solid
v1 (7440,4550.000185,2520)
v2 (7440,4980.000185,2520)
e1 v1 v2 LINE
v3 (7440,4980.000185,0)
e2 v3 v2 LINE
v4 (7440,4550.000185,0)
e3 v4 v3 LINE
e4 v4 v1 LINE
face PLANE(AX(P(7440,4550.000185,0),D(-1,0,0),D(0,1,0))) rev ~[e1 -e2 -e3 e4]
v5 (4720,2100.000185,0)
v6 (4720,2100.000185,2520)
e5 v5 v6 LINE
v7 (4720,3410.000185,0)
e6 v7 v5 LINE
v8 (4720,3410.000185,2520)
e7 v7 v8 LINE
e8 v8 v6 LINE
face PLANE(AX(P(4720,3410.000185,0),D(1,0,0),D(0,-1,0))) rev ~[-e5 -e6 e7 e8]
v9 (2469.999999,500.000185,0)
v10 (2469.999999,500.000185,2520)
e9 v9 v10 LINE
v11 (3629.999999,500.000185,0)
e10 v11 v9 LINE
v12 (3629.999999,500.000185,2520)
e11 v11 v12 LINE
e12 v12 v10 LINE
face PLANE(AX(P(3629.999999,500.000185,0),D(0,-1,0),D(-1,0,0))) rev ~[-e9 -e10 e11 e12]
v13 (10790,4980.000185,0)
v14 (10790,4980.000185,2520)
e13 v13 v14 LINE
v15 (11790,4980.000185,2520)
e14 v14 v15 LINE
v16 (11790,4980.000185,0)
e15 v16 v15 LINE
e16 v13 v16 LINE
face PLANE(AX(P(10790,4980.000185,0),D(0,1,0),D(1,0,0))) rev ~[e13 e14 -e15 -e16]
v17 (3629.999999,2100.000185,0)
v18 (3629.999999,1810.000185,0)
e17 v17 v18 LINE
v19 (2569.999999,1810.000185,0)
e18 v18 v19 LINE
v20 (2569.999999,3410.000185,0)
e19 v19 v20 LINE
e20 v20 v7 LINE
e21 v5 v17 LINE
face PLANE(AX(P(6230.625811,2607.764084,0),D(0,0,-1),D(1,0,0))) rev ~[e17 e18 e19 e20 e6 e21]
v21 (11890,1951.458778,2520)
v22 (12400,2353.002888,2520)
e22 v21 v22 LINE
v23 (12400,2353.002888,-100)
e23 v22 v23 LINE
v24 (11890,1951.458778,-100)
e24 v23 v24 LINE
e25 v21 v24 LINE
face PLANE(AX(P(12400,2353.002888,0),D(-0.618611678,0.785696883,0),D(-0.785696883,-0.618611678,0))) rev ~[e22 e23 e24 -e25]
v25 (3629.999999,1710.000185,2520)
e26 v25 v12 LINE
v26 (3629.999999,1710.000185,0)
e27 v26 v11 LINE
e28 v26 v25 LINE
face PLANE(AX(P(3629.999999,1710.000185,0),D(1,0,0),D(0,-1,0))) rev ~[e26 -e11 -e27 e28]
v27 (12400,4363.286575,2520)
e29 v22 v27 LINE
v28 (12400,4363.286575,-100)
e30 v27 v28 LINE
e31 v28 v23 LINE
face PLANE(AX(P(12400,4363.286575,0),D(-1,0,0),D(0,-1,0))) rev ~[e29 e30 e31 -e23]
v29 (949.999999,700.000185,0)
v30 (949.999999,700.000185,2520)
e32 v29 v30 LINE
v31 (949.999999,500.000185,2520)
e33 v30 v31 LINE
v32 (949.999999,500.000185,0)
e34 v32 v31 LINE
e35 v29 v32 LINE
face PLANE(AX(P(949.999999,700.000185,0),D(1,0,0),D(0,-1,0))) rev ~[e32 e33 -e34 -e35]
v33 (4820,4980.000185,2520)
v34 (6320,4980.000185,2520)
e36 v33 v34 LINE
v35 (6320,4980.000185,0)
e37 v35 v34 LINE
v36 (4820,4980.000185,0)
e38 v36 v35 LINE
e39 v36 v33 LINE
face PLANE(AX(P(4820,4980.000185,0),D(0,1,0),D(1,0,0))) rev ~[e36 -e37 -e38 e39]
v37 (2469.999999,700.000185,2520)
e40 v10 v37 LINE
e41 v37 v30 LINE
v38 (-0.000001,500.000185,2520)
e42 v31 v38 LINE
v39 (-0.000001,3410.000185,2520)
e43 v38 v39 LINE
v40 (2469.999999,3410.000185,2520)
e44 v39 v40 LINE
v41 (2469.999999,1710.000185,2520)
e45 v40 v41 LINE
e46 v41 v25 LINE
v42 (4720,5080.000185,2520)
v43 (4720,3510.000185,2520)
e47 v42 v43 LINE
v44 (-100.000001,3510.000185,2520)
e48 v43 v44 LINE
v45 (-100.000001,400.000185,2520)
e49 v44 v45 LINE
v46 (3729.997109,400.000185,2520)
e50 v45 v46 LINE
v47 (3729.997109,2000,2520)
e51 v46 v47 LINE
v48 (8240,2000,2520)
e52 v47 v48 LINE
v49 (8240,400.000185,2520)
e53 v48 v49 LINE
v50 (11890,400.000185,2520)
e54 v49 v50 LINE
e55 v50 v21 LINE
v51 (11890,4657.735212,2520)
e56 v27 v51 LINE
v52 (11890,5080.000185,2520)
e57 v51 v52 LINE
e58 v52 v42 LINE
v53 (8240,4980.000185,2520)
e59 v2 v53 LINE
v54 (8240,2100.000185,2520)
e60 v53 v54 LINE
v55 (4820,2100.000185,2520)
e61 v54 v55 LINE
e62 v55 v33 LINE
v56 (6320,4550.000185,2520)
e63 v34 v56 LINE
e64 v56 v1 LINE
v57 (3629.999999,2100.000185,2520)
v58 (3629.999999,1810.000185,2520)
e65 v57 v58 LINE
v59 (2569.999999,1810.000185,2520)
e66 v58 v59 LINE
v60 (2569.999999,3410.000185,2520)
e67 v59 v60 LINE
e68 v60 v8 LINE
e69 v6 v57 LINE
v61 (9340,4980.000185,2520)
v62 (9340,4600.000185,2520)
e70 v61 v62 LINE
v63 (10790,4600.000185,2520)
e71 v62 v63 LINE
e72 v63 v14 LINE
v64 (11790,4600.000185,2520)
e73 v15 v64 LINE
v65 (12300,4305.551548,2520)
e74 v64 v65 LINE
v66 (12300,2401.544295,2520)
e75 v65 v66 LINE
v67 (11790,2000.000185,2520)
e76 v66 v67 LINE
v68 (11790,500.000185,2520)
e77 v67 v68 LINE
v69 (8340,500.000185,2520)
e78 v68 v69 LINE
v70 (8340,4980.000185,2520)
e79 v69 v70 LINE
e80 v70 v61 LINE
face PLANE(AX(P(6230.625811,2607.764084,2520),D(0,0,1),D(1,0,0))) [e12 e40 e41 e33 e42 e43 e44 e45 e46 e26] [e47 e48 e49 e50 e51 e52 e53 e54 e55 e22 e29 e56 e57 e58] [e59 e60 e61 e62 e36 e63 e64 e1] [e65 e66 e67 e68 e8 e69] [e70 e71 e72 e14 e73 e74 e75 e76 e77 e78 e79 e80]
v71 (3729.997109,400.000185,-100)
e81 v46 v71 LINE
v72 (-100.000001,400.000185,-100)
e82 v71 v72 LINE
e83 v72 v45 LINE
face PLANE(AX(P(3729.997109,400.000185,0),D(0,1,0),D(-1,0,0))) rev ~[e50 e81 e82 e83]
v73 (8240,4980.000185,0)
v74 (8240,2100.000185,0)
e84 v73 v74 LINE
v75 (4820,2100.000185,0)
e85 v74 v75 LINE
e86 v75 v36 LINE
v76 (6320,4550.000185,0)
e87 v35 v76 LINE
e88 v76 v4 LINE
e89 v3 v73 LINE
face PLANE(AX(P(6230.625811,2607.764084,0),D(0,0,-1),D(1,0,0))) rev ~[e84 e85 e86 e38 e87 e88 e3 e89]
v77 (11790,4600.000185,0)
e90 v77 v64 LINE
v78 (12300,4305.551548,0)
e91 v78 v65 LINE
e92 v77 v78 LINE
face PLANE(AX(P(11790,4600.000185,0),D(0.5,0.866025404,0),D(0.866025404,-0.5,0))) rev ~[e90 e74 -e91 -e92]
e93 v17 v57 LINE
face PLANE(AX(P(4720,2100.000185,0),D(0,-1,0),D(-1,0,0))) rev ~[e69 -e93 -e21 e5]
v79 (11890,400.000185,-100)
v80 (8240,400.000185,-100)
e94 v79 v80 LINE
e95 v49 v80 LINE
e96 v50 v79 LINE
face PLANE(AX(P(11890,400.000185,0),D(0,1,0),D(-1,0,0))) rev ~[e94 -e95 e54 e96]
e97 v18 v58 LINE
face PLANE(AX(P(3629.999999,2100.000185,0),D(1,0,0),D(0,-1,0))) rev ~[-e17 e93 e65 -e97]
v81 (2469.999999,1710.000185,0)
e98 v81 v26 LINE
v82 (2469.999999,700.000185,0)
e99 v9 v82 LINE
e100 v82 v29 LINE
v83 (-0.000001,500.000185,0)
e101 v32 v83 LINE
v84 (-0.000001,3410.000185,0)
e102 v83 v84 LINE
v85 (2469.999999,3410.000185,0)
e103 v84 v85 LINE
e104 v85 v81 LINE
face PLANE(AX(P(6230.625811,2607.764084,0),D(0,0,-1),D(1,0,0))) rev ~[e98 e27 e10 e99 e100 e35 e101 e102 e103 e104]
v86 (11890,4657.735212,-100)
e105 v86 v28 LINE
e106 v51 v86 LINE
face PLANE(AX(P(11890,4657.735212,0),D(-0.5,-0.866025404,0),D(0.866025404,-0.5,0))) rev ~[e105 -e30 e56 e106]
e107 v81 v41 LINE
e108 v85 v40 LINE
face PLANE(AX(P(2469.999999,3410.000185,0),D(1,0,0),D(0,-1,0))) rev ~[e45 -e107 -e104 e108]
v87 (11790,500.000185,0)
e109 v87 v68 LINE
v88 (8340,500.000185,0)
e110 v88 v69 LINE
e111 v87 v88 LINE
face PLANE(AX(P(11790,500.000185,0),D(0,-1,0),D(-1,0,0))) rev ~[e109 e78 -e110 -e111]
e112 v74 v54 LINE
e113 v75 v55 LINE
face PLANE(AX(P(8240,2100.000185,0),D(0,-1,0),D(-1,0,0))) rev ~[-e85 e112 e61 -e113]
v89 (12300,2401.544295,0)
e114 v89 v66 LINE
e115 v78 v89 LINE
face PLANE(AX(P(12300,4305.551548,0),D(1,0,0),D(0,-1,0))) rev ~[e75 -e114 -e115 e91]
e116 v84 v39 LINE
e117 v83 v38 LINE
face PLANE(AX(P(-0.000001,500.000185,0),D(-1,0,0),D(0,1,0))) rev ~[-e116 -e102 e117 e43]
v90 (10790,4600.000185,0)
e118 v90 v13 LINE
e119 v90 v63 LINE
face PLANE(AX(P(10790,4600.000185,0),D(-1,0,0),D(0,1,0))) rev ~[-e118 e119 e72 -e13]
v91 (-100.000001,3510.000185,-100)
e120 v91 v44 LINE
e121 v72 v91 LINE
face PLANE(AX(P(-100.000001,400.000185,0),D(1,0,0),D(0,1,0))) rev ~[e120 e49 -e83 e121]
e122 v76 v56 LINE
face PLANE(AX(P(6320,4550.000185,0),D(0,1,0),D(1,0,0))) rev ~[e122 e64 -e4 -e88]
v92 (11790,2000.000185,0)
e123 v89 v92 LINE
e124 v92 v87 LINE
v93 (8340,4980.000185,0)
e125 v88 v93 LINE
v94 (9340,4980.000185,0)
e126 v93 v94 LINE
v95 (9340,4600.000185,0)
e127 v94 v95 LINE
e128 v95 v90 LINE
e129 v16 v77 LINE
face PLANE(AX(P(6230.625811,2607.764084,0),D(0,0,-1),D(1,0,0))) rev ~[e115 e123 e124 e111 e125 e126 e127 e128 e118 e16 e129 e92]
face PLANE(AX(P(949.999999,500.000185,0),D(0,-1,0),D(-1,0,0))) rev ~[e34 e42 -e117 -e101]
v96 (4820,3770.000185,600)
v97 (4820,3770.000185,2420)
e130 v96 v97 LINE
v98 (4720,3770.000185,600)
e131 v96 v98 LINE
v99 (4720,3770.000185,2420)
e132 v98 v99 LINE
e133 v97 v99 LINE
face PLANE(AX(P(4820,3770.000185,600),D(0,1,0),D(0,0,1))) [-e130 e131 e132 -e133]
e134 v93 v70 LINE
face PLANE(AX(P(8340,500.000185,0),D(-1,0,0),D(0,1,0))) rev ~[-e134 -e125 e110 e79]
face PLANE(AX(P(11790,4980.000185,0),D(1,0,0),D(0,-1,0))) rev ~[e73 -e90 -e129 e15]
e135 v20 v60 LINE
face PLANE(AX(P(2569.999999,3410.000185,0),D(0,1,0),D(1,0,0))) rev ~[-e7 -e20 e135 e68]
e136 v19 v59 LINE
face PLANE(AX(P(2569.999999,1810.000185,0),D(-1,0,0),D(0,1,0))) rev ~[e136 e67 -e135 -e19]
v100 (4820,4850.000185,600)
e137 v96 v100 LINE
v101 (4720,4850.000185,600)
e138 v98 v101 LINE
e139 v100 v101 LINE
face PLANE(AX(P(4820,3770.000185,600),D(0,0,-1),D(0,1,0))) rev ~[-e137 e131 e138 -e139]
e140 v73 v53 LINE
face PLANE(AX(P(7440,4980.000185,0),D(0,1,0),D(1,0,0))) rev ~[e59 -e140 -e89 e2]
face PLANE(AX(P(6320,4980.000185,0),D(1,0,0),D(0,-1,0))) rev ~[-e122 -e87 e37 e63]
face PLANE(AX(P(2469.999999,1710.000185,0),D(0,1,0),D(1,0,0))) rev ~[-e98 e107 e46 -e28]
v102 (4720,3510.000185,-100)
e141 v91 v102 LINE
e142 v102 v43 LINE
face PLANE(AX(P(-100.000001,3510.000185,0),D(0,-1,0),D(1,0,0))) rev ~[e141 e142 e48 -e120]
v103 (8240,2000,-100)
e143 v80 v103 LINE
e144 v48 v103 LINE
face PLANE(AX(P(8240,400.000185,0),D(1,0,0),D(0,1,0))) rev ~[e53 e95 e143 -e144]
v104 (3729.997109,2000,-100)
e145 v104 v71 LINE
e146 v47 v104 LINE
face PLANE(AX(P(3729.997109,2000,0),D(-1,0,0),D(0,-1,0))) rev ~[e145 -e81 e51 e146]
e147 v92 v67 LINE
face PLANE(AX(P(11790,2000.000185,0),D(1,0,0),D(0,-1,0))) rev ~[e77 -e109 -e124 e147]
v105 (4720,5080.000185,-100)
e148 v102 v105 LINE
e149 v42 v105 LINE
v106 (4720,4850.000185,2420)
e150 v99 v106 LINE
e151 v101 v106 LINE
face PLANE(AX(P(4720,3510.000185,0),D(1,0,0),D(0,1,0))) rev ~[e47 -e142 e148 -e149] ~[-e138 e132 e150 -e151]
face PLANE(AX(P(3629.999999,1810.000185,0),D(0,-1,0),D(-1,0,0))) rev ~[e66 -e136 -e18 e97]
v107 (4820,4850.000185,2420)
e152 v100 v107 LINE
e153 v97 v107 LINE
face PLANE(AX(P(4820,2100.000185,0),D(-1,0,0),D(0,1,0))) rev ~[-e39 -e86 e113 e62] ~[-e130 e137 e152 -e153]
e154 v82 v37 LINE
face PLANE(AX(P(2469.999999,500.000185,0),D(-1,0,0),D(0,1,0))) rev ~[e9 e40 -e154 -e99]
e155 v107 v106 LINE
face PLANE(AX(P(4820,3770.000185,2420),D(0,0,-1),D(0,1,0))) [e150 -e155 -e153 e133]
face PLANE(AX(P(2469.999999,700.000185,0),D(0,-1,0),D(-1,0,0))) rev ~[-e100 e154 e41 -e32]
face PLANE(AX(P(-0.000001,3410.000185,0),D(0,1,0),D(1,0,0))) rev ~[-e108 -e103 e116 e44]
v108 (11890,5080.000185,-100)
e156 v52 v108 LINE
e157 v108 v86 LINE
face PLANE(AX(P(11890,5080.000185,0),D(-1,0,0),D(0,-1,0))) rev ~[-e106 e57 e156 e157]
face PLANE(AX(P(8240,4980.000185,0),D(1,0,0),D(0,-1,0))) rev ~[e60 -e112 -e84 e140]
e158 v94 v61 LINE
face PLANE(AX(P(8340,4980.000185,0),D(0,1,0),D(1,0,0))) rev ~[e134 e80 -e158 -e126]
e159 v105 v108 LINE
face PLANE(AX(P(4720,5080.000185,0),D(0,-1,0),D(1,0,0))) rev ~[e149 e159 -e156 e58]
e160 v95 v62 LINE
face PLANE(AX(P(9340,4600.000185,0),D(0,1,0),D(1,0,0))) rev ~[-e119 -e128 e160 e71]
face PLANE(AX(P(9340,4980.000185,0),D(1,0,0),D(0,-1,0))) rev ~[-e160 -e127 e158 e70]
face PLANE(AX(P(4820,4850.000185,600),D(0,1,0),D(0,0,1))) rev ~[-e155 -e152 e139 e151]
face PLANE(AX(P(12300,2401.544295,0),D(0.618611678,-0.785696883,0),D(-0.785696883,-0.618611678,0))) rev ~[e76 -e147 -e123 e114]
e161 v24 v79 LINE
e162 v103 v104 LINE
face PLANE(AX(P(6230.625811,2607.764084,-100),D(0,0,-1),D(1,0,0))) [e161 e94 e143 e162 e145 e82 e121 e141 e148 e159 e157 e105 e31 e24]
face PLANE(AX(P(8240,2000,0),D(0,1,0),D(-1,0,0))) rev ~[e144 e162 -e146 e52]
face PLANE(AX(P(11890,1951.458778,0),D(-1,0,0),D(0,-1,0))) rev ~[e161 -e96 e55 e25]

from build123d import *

# Parameters (mm, degrees)
F1_DEPTH = 2520
F3_DEPTH = 100
F4_W     = 1080
F4_H     = 1820
F5_DEPTH = 100


with BuildPart() as f1:
    # F0 (on Top) → F1 (new body)
    with BuildSketch(Plane.XY):
        Polygon((-100.000001, 3510.000185), (-100.000001, 400.000185), (3250.000037, 400.000185), (3729.997109, 400.000185), (3729.997109, 2000), (4719.99711, 2000), (8240, 2000), (8240, 400.000185), (8316.840935, 400.000185), (11890, 400.000185), (11890, 1951.458778), (12400, 2353.002888), (12400, 4363.286575), (11890, 4657.735212), (11890, 5080.000185), (11790, 5080.000185), (4720, 5080.000185), (4720, 4980.000185), (4720, 3510.000185), (2569.999999, 3510.000185), align=None)
        Polygon((949.999999, 500.000185), (-1e-06, 500.000185), (-1e-06, 3410.000185), (2469.999999, 3410.000185), (2469.999999, 1910.000185), (2469.999999, 1810.000185), (2469.999999, 1710.000185), (2569.999999, 1710.000185), (3629.999999, 1710.000185), (3629.999999, 500.000185), (2469.999999, 500.000185), (2469.999999, 700.000185), (949.999999, 700.000185), align=None, mode=Mode.SUBTRACT)
        Polygon((2569.999999, 3410.000185), (4720, 3410.000185), (4720, 3010), (4720, 2100.000185), (3629.999999, 2100.000185), (3629.999999, 1810.000185), (2569.999999, 1810.000185), align=None, mode=Mode.SUBTRACT)
        Polygon((8240, 2100.000185), (4820, 2100.000185), (4820, 4980.000185), (6320, 4980.000185), (6320, 4550.000185), (7440, 4550.000185), (7440, 4980.000185), (8240, 4980.000185), align=None, mode=Mode.SUBTRACT)
        Polygon((8340, 500.000185), (8340, 4980.000185), (9340, 4980.000185), (9340, 4600.000185), (10790, 4600.000185), (10790, 4980.000185), (11790, 4980.000185), (11790, 4600.000185), (12300, 4305.551548), (12300, 2401.544295), (11790, 2000.000185), (11790, 500.000185), align=None, mode=Mode.SUBTRACT)
    extrude(amount=F1_DEPTH)

    # F2 (on face) → F3 (join)
    with BuildSketch(Plane(origin=(0, 0, 0), x_dir=(1, 0, 0), z_dir=(0, 0, -1))):
        Polygon((4720, -3510.000185), (4720, -5080.000185), (11890, -5080.000185), (11890, -4657.735212), (12400, -4363.286575), (12400, -2353.002888), (11890, -1951.458778), (11890, -400.000185), (8240, -400.000185), (8240, -2000), (3729.997109, -2000), (3729.997109, -400.000185), (-100.000001, -400.000185), (-100.000001, -3510.000185), align=None)
    extrude(amount=F3_DEPTH)

    # F4 (on face) → F5 (cut, through all)
    with BuildSketch(Plane.YZ.offset(4820)):
        with Locations((4310.000185, 1510)):
            Rectangle(F4_W, F4_H)
    extrude(amount=-F5_DEPTH, mode=Mode.SUBTRACT)


solid = f1.part
